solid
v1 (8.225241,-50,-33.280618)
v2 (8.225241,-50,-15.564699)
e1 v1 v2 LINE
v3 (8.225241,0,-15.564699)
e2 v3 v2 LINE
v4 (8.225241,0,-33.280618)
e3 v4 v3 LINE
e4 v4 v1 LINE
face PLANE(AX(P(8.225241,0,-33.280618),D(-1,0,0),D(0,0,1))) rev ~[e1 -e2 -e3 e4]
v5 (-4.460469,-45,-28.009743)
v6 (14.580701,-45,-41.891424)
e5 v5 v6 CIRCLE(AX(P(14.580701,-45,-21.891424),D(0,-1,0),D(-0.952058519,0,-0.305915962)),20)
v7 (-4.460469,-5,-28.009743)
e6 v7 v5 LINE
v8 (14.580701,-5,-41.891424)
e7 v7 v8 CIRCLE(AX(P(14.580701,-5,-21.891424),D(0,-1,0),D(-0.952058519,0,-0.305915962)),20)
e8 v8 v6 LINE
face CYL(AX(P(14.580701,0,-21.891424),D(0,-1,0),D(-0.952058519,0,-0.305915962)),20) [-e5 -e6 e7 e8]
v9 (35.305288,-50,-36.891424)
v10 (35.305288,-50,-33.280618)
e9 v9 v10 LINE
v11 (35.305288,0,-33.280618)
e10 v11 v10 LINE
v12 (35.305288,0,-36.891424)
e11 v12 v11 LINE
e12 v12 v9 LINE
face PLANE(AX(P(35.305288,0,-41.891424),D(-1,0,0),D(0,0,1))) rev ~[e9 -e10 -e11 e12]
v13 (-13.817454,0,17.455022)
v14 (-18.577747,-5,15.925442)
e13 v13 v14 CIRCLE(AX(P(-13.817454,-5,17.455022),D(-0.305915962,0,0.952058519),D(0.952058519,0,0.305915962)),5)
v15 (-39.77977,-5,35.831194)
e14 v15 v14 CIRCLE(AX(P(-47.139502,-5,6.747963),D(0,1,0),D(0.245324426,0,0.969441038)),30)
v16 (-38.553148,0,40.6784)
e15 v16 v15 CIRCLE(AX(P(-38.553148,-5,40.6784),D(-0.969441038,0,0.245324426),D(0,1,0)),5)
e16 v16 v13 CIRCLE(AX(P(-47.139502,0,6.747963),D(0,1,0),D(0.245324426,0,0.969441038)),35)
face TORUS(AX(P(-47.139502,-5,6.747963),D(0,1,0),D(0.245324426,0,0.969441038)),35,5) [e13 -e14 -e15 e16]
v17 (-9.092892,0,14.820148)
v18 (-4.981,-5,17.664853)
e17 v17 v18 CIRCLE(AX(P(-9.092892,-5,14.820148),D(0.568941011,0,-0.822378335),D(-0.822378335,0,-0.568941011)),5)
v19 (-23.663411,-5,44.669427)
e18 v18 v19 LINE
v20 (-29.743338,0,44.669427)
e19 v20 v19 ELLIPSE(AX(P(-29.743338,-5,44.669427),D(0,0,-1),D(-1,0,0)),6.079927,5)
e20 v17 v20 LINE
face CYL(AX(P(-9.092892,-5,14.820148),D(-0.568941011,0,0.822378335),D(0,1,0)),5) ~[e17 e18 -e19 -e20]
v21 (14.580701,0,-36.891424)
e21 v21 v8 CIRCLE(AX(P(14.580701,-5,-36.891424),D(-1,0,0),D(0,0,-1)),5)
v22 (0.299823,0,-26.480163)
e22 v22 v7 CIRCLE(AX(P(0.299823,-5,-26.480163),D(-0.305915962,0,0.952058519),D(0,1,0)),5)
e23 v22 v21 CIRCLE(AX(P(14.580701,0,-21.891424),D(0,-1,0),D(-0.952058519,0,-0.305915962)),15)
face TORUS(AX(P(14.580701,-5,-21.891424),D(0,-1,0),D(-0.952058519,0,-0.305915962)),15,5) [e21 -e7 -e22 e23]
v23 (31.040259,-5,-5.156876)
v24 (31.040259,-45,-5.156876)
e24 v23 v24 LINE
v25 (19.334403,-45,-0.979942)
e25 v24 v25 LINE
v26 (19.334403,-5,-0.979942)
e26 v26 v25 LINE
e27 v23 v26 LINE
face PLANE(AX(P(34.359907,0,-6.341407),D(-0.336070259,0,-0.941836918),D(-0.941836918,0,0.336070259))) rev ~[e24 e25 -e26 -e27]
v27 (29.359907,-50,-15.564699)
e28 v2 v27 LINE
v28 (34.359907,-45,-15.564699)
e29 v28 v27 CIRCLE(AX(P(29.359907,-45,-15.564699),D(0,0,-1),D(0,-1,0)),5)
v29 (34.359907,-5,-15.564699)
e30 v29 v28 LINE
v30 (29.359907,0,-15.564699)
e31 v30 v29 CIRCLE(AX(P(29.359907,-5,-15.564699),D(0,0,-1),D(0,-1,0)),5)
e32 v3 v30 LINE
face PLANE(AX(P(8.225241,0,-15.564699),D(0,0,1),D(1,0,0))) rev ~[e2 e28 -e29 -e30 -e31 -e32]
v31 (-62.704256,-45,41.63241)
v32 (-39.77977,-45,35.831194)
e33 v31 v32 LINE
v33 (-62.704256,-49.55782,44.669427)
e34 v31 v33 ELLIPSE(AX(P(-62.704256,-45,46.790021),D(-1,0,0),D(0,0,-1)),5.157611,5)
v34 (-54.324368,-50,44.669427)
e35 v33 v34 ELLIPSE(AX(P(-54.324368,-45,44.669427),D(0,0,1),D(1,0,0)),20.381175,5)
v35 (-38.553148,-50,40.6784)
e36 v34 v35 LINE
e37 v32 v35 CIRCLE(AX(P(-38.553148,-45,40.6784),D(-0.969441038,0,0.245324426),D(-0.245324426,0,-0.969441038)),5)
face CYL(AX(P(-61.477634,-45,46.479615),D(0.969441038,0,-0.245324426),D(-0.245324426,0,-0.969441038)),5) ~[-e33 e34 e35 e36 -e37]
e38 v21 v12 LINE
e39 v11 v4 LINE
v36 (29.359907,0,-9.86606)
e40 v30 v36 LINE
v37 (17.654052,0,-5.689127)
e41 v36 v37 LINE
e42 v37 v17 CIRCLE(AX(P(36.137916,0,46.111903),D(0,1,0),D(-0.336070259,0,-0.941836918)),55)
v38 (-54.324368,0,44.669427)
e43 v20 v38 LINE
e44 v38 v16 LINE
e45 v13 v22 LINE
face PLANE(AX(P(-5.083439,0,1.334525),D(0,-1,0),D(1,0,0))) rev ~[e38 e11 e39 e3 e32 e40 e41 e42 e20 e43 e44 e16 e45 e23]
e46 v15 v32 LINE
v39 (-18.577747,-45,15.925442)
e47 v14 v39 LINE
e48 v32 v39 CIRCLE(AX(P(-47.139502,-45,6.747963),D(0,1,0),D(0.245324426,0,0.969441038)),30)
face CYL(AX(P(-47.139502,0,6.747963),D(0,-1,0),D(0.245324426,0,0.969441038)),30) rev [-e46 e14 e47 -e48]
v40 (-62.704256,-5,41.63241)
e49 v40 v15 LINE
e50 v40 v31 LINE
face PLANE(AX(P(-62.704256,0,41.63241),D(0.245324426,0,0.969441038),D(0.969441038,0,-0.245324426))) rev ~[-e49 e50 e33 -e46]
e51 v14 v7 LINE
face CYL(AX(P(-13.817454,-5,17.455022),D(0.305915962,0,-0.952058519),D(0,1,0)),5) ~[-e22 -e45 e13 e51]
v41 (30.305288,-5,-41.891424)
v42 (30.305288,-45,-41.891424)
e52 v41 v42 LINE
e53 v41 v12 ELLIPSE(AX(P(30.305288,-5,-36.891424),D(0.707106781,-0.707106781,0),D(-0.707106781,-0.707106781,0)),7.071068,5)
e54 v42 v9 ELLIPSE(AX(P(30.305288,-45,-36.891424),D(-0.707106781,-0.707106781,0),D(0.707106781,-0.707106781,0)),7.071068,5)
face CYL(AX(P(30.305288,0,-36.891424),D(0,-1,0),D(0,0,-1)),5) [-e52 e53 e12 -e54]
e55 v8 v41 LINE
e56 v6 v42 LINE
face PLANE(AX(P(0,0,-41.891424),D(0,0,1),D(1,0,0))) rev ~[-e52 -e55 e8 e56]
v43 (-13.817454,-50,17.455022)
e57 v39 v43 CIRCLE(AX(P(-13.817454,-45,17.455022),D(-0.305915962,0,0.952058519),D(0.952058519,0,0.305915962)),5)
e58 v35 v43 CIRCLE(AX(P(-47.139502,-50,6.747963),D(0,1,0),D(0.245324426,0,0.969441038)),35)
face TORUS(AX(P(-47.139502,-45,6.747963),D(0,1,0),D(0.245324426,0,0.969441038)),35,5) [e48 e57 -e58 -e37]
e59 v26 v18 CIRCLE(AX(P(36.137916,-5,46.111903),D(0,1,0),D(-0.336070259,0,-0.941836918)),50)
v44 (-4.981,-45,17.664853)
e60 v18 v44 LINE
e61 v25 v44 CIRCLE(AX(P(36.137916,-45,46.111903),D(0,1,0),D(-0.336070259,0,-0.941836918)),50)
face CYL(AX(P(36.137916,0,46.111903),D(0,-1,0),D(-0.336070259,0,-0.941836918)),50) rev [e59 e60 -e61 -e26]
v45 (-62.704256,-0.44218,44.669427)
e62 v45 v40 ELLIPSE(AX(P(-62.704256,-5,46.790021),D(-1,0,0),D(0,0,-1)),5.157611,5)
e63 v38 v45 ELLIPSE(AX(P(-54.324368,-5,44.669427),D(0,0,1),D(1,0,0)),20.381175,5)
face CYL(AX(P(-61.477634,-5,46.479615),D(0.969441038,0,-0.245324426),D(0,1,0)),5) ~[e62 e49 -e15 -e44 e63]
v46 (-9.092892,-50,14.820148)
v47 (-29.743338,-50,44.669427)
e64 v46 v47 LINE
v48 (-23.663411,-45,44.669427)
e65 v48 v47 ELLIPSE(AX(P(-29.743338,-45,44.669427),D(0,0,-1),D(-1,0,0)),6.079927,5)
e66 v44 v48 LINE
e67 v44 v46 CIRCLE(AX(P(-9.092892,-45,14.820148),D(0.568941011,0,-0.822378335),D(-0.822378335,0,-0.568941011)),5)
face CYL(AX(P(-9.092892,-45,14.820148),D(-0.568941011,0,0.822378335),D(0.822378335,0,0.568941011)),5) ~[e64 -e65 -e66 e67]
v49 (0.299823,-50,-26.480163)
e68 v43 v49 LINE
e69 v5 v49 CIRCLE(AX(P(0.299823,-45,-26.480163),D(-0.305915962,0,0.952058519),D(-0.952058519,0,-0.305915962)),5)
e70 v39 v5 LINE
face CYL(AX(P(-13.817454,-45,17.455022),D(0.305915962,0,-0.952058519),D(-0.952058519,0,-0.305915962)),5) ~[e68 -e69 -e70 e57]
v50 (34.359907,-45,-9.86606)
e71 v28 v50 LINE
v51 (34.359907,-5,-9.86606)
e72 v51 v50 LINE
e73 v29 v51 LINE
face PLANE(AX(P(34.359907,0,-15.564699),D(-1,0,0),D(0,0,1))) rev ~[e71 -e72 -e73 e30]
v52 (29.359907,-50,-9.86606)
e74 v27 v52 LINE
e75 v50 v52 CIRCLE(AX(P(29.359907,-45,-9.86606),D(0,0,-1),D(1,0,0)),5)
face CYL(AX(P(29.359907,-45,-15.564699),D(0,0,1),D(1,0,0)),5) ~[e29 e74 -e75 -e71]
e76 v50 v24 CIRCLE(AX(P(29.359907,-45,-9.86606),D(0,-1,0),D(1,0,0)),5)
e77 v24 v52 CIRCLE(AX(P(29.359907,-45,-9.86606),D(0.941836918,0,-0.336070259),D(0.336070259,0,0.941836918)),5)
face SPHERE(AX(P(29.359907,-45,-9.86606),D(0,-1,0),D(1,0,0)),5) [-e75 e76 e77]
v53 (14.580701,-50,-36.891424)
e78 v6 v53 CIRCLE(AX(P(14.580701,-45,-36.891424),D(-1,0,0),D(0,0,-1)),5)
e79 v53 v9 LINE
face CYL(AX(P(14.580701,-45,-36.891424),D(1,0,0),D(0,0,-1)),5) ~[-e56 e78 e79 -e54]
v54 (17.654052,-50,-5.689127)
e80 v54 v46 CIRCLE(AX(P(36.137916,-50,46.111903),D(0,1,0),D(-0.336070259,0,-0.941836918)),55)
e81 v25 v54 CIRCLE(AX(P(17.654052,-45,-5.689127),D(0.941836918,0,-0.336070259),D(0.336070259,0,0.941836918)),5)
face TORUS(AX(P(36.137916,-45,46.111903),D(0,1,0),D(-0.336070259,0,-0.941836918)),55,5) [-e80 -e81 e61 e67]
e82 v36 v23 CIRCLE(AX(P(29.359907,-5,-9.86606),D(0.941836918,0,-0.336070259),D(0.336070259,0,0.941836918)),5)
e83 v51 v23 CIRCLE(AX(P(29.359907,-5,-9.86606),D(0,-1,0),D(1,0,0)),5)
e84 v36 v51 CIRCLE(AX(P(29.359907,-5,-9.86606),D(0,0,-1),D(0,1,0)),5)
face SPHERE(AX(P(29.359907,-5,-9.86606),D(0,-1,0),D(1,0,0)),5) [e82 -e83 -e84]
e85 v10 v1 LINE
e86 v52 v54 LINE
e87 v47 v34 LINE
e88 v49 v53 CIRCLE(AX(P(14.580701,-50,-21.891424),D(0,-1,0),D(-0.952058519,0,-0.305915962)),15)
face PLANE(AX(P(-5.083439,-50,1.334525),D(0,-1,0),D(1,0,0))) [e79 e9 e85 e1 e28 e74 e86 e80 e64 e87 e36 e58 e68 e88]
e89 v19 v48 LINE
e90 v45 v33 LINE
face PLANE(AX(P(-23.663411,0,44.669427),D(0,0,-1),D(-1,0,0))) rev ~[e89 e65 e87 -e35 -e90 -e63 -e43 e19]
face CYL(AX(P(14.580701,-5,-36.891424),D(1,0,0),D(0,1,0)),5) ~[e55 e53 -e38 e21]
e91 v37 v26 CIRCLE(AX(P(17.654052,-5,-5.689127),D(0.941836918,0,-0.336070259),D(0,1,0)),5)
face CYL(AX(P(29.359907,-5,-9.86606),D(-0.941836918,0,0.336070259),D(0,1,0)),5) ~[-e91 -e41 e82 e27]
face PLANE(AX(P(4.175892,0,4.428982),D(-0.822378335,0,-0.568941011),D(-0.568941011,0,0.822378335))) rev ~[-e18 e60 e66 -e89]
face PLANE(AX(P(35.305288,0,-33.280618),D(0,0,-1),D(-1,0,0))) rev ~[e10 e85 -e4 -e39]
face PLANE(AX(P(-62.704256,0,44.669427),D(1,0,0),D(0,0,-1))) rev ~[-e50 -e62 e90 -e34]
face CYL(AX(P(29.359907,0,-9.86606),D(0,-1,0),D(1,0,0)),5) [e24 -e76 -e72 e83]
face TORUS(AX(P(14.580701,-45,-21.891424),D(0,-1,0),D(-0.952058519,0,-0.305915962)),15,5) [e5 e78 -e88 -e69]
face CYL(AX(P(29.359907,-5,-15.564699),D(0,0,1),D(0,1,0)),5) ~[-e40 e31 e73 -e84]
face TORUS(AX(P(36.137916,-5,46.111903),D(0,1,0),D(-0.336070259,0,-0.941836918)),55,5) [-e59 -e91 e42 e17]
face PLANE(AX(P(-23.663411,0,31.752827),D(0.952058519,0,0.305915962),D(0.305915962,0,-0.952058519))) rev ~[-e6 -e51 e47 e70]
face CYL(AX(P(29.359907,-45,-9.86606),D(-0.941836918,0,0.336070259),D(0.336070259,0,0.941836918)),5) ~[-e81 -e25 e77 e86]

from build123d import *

# Parameters (mm, degrees)
F1_DEPTH = 50
F2_R     = 50
F3_R     = 30
F4_R     = 20
F5_R     = 5
F6_R     = 5


with BuildPart() as f1:
    # F0 (on Front) → F1 (new body)
    with BuildSketch(Plane.XZ):
        Polygon((-23.6634109169, 31.7528273398), (0, -41.8914239646), (35.305287689, -41.8914239646), (35.305287689, -33.2806184888), (8.2252407447, -33.2806184888), (8.2252407447, -15.5646987259), (34.3599072305, -15.5646987259), (34.3599072305, -6.3414066872), (4.1758916341, 4.428982269), (-23.6634109169, 44.6694269776), (-62.7042563281, 44.6694269776), (-62.7042563281, 41.6324101388), align=None)
    extrude(amount=F1_DEPTH)

    # F2
    f2_edges = [f1.edges().sort_by_distance(p)[0] for p in [
        (4.175892, -25, 4.428982),
    ]]
    fillet(f2_edges, radius=F2_R)

    # F3
    f3_edges = [f1.edges().sort_by_distance(p)[0] for p in [
        (-23.663411, -25, 31.752827),
    ]]
    fillet(f3_edges, radius=F3_R)

    # F4
    f4_edges = [f1.edges().sort_by_distance(p)[0] for p in [
        (0, -25, -41.891424),
    ]]
    fillet(f4_edges, radius=F4_R)

    # F5
    f5_edges = [f1.edges().sort_by_distance(p)[0] for p in [
        (35.305288, -25, -41.891424),
        (34.359907, -25, -6.341407),
        (2.798647, 0, -38.052587),
        (-4.460469, -25, -28.009743),
        (14.580701, -25, -41.891424),
        (2.798647, -50, -38.052587),
    ]]
    fillet(f5_edges, radius=F5_R)

    # F6
    f6_edges = [f1.edges().sort_by_distance(p)[0] for p in [
        (-14.322206, -50, 31.16714),
        (5.713271, 0, 6.433938),
    ]]
    fillet(f6_edges, radius=F6_R)


solid = f1.part
